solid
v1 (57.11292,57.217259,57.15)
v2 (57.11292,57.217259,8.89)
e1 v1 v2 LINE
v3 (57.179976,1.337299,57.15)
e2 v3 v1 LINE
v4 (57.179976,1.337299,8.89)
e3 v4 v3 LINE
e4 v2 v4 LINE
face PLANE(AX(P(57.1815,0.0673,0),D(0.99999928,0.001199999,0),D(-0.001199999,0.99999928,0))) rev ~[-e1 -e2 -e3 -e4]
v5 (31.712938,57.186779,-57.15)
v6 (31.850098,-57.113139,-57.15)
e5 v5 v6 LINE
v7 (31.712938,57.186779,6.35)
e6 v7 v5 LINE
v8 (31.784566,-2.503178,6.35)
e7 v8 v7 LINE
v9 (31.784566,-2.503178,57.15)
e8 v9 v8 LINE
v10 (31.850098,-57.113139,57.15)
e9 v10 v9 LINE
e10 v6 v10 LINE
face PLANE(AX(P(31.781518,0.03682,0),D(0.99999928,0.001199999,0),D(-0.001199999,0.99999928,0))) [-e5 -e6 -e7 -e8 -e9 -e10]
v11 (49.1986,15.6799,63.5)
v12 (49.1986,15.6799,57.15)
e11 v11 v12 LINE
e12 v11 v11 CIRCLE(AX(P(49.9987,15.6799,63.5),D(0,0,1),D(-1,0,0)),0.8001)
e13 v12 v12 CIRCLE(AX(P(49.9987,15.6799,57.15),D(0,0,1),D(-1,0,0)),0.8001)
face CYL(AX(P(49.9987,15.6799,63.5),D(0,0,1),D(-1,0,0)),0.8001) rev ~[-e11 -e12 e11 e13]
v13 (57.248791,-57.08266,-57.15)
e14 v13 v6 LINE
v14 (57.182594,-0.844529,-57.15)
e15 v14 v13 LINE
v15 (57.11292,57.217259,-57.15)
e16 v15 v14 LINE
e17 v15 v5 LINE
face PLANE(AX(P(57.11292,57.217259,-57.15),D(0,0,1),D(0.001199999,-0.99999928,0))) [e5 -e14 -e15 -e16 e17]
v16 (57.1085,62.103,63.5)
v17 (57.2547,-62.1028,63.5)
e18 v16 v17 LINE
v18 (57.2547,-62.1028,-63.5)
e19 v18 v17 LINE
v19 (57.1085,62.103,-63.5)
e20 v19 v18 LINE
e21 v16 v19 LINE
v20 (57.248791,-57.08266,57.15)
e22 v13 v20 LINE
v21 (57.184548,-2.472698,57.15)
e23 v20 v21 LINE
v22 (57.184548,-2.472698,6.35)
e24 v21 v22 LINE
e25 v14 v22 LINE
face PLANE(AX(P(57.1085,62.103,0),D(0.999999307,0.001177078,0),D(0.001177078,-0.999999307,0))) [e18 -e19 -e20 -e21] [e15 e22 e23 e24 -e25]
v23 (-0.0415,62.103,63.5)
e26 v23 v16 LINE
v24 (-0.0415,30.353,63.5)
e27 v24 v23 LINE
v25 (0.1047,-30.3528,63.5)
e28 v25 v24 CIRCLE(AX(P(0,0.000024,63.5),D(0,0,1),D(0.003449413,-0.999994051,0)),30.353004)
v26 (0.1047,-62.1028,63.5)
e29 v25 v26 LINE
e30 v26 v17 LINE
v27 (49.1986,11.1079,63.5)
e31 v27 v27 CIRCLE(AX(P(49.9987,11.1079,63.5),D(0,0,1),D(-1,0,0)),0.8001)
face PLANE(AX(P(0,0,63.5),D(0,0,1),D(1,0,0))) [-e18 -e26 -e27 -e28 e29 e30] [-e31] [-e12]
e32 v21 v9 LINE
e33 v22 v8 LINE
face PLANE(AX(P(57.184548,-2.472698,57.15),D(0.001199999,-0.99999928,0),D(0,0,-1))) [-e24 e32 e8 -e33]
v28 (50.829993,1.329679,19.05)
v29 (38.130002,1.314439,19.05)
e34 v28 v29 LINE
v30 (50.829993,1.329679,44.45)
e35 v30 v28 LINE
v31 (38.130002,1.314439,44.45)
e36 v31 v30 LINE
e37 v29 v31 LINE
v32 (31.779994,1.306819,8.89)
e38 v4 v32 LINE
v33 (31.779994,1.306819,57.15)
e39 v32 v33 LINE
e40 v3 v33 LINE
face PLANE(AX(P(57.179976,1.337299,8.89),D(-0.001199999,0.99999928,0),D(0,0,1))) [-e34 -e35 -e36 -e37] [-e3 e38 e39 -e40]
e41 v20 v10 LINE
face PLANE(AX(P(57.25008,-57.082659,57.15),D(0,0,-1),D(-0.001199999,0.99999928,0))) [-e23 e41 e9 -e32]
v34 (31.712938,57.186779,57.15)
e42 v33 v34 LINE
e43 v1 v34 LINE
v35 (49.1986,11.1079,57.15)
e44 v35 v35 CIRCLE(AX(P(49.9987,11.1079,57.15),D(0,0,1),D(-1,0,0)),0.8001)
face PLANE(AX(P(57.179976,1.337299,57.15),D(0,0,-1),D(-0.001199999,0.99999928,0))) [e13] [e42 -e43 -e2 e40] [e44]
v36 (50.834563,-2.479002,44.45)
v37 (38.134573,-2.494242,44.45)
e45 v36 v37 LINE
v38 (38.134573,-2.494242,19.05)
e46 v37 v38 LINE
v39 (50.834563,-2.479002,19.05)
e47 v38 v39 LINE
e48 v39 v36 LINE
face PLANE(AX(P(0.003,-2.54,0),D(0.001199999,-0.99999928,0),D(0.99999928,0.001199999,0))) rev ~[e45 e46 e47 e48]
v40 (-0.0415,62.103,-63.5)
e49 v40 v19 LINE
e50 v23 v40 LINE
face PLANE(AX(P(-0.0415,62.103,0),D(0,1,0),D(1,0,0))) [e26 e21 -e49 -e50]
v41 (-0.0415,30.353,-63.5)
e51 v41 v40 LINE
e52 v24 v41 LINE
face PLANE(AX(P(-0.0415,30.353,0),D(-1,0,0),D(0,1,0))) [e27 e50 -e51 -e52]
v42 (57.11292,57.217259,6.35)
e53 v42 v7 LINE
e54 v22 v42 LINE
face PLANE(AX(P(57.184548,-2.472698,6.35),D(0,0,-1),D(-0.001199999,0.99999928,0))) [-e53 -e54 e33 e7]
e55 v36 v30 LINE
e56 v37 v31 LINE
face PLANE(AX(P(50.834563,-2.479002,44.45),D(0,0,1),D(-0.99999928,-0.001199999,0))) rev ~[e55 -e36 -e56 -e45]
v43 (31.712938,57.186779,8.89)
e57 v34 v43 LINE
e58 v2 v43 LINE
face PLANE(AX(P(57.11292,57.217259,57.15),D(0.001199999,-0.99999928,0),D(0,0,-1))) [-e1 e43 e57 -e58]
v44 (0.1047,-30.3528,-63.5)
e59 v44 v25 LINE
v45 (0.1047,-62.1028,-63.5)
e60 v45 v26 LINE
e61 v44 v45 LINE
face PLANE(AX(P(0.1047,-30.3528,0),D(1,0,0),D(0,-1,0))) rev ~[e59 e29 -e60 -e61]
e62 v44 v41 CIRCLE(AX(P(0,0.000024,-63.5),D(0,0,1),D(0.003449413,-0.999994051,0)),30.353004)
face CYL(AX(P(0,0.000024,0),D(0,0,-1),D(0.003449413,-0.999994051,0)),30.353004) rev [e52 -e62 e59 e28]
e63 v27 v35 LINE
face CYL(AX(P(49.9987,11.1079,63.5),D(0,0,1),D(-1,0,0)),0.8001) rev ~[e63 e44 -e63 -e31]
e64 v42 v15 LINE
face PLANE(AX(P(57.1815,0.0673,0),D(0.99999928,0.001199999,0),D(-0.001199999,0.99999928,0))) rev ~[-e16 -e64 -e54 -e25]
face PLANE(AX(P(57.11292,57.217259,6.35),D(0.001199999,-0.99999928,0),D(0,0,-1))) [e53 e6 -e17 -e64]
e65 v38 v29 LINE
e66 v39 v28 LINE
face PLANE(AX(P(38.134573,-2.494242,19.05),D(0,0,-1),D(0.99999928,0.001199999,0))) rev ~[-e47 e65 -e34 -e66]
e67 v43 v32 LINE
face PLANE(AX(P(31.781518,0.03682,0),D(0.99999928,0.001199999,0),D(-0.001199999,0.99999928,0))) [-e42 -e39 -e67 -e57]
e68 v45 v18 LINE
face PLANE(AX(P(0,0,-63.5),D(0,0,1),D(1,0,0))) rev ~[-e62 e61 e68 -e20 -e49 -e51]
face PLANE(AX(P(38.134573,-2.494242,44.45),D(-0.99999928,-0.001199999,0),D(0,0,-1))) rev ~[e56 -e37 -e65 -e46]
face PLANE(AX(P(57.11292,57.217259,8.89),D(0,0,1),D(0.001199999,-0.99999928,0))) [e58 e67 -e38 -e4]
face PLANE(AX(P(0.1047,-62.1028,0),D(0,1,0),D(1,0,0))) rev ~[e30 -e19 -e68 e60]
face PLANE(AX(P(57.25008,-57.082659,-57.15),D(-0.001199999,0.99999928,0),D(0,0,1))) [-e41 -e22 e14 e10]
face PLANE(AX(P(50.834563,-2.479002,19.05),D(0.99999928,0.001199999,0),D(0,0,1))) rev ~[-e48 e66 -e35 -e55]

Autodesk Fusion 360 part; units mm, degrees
sketch "Sketch1" plane through (0, 0, 0) normal (0, 0, 1) x (1, 0, 0)
  arc A0 (0.1047, -30.3528) -> (-0.0415, 30.353) centre (0, 0) ccw
  line L0 (-0.0415, 30.353) -> (-0.0415, 62.103)
  line L1 (0.1047, -30.3528) -> (0.1047, -62.1028)
  line L2 (-0.0415, 62.103) -> (57.1085, 62.103)
  line L3 (0.1047, -62.1028) -> (57.2547, -62.1028)
  line L4 (57.1085, 62.103) -> (57.2547, -62.1028)
  dimension "d1" = 60.706
  dimension "d10" = 31.75
  dimension "d12" = 57.15
extrude "Extrude1" add sketch "Sketch1" along normal mid plane 127
sketch "Sketch4" plane through (57.1815, 0.0673, 0) normal (1, 0.0012, 0) x (-0.0012, 1, 0)
  line L0 (62.0357, -63.5) -> (62.0357, 63.5)
  line L1 (62.0357, 63.5) -> (-62.1702, 63.5)
  line L2 (-62.1702, 63.5) -> (-62.1702, -63.5)
  line L3 (-62.1702, -63.5) -> (62.0357, -63.5)
  line L4 (57.15, -57.15) -> (-57.15, -57.15)
  line L5 (-57.15, -57.15) -> (-57.15, 57.15)
  line L6 (-57.15, 57.15) -> (-2.54, 57.15)
  line L7 (57.15, 6.35) -> (57.15, -57.15)
  line L8 (57.15, -57.15) -> (-57.15, 57.15) construction
  line L9 (-57.15, -57.15) -> (57.15, 57.15) construction
  line L10 (-2.54, 57.15) -> (-2.54, 6.35)
  line L11 (-2.54, 6.35) -> (57.15, 6.35)
  dimension "d21" = 114.3
  dimension "d22" = 114.3
  dimension "d35" = 59.69
  dimension "d36" = 50.8
extrude "Extrude3" cut sketch "Sketch4" against normal blind 25.4 contours L4 L5 L6 L7 L10 L11
sketch "Sketch6" plane through (57.1815, 0.0673, 0) normal (1, 0.0012, 0) x (-0.0012, 1, 0)
  line L0 (-57.15, 57.15) -> (-2.54, 57.15)
  line L1 (-2.54, 57.15) -> (-2.54, 6.35)
  line L2 (-2.54, 6.35) -> (57.15, 6.35)
  line L3 (57.15, 6.35) -> (57.15, -57.15)
  line L4 (57.15, -57.15) -> (-57.15, -57.15)
  line L5 (-57.15, -57.15) -> (-57.15, 57.15)
  line L6 (62.0357, -63.5) -> (62.0357, 63.5)
  line L7 (62.0357, 63.5) -> (-62.1702, 63.5)
  line L8 (-62.1702, 63.5) -> (-62.1702, -63.5)
  line L9 (-62.1702, -63.5) -> (62.0357, -63.5)
  line L10 (1.27, 57.15) -> (57.15, 57.15)
  line L11 (57.15, 57.15) -> (57.15, 8.89)
  line L12 (57.15, 8.89) -> (1.27, 8.89)
  line L13 (1.27, 8.89) -> (1.27, 57.15)
  dimension "d37" = 55.88
  dimension "d38" = 48.26
extrude "Extrude5" cut sketch "Sketch6" against normal blind 25.4 contours L10 L11 L12 L13
sketch "Sketch8" plane through (0, 0, 63.5) normal (0, 0, 1) x (-1, 0, 0)
  line L0 (-0.1047, 30.3528) -> (-0.1047, 62.1028)
  line L1 (-0.1047, 62.1028) -> (-57.2547, 62.1028)
  line L2 (-57.2547, 62.1028) -> (-57.1085, -62.103)
  line L3 (-57.1085, -62.103) -> (0.0415, -62.103)
  line L4 (0.0415, -62.103) -> (0.0415, -30.353)
  arc A0 (-0.1047, 30.3528) -> (0.0415, -30.353) centre (0, 0) ccw
  circle A1 centre (-49.9987, -11.1079) radius 0.8001
  circle A2 centre (-49.9987, -15.6799) radius 0.8001
  line L5 (-57.18, -1.3373) -> (-31.7801, -1.3074)
  dimension "d45" = 1.6002
  dimension "d46" = 4.572
  dimension "d47" = 9.779
extrude "Extrude6" cut sketch "Sketch8" against normal up to surface (6.35 mm away) contours A1 | A2
sketch "Sketch9" plane through (0.003, -2.54, 0) normal (0.0012, -1, 0) x (1, 0.0012, 0)
  line L0 (57.1816, 6.35) -> (57.1816, 57.15)
  line L1 (57.1816, 57.15) -> (31.7816, 57.15)
  line L2 (31.7816, 57.15) -> (31.7816, 6.35)
  line L3 (31.7816, 6.35) -> (57.1816, 6.35)
  line L4 (50.8316, 44.45) -> (38.1316, 44.45)
  line L5 (38.1316, 44.45) -> (38.1316, 19.05)
  line L6 (38.1316, 19.05) -> (50.8316, 19.05)
  line L7 (50.8316, 19.05) -> (50.8316, 44.45)
  dimension "d50" = 12.7
  dimension "d51" = 25.4
  dimension "d52" = 12.7
  dimension "d54" = 6.35
extrude "Extrude7" cut sketch "Sketch9" against normal up to surface (3.81 mm away) contours L4 L5 L6 L7
